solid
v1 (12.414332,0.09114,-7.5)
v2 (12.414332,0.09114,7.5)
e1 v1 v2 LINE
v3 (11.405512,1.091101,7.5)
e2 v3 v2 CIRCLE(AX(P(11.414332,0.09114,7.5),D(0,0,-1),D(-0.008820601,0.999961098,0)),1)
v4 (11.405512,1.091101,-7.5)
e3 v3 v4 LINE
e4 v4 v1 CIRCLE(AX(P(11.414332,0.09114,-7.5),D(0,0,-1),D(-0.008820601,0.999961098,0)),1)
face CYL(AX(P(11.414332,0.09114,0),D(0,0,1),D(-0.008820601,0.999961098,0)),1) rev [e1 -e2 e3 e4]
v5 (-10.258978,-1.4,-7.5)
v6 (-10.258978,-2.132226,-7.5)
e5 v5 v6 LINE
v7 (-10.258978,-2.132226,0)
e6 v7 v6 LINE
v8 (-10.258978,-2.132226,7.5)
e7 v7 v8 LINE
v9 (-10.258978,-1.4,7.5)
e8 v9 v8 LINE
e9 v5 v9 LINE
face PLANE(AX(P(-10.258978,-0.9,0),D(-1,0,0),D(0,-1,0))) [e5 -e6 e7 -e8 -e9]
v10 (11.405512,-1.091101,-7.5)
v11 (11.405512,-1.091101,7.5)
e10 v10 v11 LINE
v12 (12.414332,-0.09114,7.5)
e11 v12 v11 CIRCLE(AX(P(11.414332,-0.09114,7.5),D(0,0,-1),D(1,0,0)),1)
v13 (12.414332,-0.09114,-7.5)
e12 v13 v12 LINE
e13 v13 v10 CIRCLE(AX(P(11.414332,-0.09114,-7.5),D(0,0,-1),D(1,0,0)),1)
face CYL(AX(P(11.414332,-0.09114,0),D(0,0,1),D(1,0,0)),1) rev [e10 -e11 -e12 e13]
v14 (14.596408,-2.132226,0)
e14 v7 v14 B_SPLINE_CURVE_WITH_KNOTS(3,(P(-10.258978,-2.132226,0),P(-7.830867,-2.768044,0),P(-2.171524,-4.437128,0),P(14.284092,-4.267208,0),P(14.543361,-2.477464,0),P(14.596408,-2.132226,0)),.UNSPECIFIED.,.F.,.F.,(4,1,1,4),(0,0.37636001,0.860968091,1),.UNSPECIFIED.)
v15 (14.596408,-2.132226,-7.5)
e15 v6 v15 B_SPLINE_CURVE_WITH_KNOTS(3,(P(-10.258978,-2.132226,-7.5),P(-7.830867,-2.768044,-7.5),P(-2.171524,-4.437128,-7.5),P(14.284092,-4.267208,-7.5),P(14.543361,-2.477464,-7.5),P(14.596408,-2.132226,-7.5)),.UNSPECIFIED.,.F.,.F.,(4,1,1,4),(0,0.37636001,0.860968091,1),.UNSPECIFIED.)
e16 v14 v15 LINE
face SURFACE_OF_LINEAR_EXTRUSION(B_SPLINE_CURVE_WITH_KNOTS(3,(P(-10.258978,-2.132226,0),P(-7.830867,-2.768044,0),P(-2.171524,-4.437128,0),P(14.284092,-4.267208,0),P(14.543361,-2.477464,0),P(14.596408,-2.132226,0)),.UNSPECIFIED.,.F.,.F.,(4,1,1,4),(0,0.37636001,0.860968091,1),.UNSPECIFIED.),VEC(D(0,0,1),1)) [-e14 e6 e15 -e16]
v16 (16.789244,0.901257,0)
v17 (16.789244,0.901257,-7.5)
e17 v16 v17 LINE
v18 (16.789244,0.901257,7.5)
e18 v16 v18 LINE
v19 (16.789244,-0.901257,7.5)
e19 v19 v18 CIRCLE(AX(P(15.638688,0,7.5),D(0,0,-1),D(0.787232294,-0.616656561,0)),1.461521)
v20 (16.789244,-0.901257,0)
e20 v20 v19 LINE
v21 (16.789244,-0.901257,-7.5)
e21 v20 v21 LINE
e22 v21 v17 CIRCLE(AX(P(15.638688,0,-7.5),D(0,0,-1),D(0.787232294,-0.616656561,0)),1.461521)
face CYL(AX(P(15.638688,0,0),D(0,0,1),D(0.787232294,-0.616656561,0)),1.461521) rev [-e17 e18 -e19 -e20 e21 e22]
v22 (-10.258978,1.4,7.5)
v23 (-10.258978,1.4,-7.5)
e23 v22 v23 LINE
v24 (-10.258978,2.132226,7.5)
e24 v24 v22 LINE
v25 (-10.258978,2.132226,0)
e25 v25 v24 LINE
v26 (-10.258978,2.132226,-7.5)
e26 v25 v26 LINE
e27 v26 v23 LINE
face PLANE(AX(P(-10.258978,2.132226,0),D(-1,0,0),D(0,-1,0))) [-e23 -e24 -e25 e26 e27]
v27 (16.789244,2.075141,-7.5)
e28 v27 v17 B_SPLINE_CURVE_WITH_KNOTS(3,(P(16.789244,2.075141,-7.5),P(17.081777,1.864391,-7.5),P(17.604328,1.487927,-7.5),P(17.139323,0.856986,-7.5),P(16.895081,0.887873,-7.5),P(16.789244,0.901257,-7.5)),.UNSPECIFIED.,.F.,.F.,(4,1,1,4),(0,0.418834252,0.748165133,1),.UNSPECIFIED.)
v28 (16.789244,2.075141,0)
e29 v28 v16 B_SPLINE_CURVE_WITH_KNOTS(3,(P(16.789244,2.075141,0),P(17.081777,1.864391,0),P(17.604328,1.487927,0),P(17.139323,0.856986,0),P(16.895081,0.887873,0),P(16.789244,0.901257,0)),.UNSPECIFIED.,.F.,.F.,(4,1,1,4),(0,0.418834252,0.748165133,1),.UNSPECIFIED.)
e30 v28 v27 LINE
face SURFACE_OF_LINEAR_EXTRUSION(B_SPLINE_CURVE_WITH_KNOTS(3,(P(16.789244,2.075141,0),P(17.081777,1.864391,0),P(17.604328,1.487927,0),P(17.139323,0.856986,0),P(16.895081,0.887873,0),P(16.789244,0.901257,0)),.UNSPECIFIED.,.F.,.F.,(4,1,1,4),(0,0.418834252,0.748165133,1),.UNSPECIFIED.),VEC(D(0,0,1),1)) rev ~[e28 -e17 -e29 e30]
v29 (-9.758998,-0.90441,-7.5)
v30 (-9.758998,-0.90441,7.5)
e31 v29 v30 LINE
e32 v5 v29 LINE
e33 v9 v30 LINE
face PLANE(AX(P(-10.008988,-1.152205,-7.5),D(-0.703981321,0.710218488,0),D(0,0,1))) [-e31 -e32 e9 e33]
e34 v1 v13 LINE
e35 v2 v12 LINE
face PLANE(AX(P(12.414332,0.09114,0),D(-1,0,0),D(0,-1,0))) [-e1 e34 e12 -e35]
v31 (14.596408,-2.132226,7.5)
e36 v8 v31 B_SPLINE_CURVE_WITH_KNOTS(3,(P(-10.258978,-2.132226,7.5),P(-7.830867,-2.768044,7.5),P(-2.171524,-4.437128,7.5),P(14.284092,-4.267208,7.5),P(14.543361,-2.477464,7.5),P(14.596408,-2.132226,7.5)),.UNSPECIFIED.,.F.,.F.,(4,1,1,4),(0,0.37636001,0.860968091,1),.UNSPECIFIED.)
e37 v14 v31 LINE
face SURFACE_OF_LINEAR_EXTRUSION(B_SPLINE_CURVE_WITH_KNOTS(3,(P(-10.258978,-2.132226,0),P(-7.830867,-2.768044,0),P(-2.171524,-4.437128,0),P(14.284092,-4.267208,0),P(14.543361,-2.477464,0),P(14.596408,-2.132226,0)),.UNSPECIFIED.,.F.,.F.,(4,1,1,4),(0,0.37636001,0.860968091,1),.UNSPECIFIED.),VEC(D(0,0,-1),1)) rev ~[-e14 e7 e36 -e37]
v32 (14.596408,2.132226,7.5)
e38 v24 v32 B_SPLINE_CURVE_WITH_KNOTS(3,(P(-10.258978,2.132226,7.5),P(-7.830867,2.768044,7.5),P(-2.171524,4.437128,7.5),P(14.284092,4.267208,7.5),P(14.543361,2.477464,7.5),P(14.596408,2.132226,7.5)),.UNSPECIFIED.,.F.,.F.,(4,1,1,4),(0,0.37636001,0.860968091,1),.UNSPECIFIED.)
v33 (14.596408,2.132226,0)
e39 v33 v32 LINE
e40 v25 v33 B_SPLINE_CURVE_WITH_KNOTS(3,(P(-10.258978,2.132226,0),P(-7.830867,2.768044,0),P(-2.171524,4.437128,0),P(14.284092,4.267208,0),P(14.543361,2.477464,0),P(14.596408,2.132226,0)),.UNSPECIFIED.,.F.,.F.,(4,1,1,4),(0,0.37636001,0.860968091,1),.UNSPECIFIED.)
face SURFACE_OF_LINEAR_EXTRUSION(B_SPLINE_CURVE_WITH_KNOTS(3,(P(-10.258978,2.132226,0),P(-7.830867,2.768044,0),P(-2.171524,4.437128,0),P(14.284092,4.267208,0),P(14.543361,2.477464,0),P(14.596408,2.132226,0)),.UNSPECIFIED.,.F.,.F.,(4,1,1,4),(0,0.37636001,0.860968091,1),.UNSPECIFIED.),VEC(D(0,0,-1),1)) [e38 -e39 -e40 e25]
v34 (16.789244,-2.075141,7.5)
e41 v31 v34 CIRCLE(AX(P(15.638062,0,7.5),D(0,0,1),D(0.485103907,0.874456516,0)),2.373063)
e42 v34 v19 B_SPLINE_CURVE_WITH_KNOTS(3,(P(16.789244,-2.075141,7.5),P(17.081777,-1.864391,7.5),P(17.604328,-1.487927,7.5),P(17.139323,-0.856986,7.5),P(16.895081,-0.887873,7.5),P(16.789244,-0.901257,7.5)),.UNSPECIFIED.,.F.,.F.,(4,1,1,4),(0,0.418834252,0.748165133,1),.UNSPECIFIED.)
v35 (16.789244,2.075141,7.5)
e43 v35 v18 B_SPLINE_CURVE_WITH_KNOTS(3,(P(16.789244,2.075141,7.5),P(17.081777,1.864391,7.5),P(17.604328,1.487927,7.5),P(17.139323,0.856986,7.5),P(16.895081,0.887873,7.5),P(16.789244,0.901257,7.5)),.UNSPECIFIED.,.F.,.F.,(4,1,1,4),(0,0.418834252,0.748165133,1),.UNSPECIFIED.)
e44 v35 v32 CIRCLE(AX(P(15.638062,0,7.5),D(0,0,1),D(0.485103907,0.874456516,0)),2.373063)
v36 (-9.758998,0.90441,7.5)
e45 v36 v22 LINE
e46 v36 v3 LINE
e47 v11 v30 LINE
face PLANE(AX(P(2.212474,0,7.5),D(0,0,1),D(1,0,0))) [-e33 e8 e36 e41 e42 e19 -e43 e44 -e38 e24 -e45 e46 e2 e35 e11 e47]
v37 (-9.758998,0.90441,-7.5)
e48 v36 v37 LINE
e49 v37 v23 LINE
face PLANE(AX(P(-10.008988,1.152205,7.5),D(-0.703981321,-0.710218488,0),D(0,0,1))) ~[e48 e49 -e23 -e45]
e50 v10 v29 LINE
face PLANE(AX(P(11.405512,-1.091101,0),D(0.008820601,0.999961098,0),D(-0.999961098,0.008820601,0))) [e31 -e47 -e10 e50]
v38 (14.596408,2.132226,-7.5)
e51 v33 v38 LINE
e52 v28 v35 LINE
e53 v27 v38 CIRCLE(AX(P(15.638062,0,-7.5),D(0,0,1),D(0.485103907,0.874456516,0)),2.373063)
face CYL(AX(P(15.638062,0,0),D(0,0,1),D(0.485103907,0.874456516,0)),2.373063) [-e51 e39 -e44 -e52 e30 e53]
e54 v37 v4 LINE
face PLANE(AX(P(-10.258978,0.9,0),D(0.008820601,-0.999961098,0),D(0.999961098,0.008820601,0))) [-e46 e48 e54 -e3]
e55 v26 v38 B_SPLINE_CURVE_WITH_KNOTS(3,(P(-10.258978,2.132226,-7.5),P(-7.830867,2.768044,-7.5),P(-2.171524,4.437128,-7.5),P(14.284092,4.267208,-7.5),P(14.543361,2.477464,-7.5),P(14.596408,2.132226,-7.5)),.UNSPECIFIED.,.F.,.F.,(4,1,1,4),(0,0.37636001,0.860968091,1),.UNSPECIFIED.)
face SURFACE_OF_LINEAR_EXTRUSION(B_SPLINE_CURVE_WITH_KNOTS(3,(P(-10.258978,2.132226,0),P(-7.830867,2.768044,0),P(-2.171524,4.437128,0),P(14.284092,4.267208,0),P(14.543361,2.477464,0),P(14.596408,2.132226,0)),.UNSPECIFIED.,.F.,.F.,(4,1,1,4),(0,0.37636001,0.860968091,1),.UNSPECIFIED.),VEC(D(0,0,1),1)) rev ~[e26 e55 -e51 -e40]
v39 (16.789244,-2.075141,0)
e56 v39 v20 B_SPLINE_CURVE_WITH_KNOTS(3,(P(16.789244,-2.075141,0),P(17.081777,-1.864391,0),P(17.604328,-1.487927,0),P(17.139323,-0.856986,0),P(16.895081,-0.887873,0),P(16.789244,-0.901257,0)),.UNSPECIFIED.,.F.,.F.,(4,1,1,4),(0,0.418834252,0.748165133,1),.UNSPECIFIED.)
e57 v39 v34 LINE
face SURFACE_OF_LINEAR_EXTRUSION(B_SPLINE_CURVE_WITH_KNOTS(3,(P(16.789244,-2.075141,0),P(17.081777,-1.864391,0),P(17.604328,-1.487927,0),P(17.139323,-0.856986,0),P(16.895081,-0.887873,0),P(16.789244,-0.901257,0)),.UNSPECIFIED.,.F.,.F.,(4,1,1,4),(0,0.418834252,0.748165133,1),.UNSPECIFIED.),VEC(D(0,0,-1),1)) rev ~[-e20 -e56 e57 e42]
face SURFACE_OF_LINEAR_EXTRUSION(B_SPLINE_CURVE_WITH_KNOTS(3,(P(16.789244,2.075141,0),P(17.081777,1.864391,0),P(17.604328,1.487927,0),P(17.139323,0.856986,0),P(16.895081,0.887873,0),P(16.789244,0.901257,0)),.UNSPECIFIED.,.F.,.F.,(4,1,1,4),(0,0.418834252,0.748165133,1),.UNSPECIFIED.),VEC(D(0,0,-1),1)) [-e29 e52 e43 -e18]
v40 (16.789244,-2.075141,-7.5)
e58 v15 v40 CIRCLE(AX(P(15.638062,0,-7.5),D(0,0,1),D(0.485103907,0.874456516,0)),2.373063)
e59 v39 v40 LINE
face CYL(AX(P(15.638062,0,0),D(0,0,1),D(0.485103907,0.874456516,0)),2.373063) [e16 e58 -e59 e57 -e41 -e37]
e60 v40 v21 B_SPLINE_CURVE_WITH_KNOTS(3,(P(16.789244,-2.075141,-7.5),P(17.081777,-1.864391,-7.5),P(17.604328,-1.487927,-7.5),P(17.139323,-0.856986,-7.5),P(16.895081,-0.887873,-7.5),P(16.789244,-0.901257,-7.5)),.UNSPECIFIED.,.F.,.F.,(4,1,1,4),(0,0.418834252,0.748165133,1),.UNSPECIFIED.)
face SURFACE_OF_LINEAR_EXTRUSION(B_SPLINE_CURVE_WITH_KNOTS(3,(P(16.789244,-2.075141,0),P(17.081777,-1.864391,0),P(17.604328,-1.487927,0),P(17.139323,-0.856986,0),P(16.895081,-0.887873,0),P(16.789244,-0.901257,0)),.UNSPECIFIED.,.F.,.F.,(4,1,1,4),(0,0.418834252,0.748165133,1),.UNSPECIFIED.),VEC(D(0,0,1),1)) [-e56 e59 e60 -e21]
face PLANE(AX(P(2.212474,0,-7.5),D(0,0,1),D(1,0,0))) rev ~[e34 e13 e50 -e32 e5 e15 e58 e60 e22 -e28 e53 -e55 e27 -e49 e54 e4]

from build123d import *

# Parameters (mm, degrees)
F1_DEPTH = 7.5
F3_DEPTH = 7.5
F4_SIZE  = 0.5


with BuildPart() as f1:
    # F0 (on Top) → F1 (new body, symmetric)
    with BuildSketch(Plane.XY):
        with BuildLine():
            ThreePointArc((16.7892444879, -0.9012567011), (14.177166416, 0), (16.7892444879, 0.9012567011))
            add(Edge.make_bspline(
                [(16.7892444879, 2.0751408301), (17.0817766167, 1.8643906524), (17.6043278119, 1.487926851), (17.1393225295, 0.8569863783), (16.895080973, 0.8878727844), (16.7892444879, 0.9012567011)],
                knots=[0, 0, 0, 0, 0.418834252, 0.7481651325, 1, 1, 1, 1], degree=3))
            ThreePointArc((16.7892444879, 2.0751408301), (13.2649986311, 0), (16.7892444879, -2.0751408301))
            add(Edge.make_bspline(
                [(16.7892444879, -2.0751408301), (17.0817766167, -1.8643906524), (17.6043278119, -1.487926851), (17.1393225295, -0.8569863783), (16.895080973, -0.8878727844), (16.7892444879, -0.9012567011)],
                knots=[0, 0, 0, 0, 0.418834252, 0.7481651325, 1, 1, 1, 1], degree=3))
        make_face()
    extrude(amount=F1_DEPTH, both=True)

    # F2 (on Top) → F3 (join, symmetric)
    with BuildSketch(Plane.XY):
        with BuildLine():
            ThreePointArc((11.4055118786, 1.0911012502), (12.1183137998, 0.8013586402), (12.4143324792, 0.0911401524))
            Line((12.4143324792, 0.0911401524), (12.4143324792, -0.0911401524))
            ThreePointArc((12.4143324792, -0.0911401524), (12.1183137998, -0.8013586402), (11.4055118786, -1.0911012502))
            Line((11.4055118786, -1.0911012502), (-10.2589782327, -0.9))
            Line((-10.2589782327, -0.9), (-10.2589782327, -2.1322260433))
            add(Edge.make_bspline(
                [(-10.2589782327, -2.1322260433), (-7.8308672605, -2.7680444958), (-2.1715241973, -4.4371278226), (14.2840922078, -4.2672083443), (14.5433608635, -2.4774637884), (14.5964084265, -2.1322260433)],
                knots=[0, 0, 0, 0, 0.3763600101, 0.8609680907, 1, 1, 1, 1], degree=3))
            Line((14.5964084265, -2.1322260433), (13.9306001365, -1.5301937237))
            Line((13.9306001365, -1.5301937237), (13.9306001365, 1.5301937237))
            Line((13.9306001365, 1.5301937237), (14.5964084265, 2.1322260433))
            add(Edge.make_bspline(
                [(-10.2589782327, 2.1322260433), (-7.8308672605, 2.7680444958), (-2.1715241973, 4.4371278226), (14.2840922078, 4.2672083443), (14.5433608635, 2.4774637884), (14.5964084265, 2.1322260433)],
                knots=[0, 0, 0, 0, 0.3763600101, 0.8609680907, 1, 1, 1, 1], degree=3))
            Line((-10.2589782327, 2.1322260433), (-10.2589782327, 0.9))
            Line((-10.2589782327, 0.9), (11.4055118786, 1.0911012502))
        make_face()
    extrude(amount=F3_DEPTH, both=True)

    # F4
    f4_edges = [f1.edges().sort_by_distance(p)[0] for p in [
        (-10.258978, -0.9, 0),
        (-10.258978, 0.9, 0),
    ]]
    chamfer(f4_edges, length=F4_SIZE)


solid = f1.part
